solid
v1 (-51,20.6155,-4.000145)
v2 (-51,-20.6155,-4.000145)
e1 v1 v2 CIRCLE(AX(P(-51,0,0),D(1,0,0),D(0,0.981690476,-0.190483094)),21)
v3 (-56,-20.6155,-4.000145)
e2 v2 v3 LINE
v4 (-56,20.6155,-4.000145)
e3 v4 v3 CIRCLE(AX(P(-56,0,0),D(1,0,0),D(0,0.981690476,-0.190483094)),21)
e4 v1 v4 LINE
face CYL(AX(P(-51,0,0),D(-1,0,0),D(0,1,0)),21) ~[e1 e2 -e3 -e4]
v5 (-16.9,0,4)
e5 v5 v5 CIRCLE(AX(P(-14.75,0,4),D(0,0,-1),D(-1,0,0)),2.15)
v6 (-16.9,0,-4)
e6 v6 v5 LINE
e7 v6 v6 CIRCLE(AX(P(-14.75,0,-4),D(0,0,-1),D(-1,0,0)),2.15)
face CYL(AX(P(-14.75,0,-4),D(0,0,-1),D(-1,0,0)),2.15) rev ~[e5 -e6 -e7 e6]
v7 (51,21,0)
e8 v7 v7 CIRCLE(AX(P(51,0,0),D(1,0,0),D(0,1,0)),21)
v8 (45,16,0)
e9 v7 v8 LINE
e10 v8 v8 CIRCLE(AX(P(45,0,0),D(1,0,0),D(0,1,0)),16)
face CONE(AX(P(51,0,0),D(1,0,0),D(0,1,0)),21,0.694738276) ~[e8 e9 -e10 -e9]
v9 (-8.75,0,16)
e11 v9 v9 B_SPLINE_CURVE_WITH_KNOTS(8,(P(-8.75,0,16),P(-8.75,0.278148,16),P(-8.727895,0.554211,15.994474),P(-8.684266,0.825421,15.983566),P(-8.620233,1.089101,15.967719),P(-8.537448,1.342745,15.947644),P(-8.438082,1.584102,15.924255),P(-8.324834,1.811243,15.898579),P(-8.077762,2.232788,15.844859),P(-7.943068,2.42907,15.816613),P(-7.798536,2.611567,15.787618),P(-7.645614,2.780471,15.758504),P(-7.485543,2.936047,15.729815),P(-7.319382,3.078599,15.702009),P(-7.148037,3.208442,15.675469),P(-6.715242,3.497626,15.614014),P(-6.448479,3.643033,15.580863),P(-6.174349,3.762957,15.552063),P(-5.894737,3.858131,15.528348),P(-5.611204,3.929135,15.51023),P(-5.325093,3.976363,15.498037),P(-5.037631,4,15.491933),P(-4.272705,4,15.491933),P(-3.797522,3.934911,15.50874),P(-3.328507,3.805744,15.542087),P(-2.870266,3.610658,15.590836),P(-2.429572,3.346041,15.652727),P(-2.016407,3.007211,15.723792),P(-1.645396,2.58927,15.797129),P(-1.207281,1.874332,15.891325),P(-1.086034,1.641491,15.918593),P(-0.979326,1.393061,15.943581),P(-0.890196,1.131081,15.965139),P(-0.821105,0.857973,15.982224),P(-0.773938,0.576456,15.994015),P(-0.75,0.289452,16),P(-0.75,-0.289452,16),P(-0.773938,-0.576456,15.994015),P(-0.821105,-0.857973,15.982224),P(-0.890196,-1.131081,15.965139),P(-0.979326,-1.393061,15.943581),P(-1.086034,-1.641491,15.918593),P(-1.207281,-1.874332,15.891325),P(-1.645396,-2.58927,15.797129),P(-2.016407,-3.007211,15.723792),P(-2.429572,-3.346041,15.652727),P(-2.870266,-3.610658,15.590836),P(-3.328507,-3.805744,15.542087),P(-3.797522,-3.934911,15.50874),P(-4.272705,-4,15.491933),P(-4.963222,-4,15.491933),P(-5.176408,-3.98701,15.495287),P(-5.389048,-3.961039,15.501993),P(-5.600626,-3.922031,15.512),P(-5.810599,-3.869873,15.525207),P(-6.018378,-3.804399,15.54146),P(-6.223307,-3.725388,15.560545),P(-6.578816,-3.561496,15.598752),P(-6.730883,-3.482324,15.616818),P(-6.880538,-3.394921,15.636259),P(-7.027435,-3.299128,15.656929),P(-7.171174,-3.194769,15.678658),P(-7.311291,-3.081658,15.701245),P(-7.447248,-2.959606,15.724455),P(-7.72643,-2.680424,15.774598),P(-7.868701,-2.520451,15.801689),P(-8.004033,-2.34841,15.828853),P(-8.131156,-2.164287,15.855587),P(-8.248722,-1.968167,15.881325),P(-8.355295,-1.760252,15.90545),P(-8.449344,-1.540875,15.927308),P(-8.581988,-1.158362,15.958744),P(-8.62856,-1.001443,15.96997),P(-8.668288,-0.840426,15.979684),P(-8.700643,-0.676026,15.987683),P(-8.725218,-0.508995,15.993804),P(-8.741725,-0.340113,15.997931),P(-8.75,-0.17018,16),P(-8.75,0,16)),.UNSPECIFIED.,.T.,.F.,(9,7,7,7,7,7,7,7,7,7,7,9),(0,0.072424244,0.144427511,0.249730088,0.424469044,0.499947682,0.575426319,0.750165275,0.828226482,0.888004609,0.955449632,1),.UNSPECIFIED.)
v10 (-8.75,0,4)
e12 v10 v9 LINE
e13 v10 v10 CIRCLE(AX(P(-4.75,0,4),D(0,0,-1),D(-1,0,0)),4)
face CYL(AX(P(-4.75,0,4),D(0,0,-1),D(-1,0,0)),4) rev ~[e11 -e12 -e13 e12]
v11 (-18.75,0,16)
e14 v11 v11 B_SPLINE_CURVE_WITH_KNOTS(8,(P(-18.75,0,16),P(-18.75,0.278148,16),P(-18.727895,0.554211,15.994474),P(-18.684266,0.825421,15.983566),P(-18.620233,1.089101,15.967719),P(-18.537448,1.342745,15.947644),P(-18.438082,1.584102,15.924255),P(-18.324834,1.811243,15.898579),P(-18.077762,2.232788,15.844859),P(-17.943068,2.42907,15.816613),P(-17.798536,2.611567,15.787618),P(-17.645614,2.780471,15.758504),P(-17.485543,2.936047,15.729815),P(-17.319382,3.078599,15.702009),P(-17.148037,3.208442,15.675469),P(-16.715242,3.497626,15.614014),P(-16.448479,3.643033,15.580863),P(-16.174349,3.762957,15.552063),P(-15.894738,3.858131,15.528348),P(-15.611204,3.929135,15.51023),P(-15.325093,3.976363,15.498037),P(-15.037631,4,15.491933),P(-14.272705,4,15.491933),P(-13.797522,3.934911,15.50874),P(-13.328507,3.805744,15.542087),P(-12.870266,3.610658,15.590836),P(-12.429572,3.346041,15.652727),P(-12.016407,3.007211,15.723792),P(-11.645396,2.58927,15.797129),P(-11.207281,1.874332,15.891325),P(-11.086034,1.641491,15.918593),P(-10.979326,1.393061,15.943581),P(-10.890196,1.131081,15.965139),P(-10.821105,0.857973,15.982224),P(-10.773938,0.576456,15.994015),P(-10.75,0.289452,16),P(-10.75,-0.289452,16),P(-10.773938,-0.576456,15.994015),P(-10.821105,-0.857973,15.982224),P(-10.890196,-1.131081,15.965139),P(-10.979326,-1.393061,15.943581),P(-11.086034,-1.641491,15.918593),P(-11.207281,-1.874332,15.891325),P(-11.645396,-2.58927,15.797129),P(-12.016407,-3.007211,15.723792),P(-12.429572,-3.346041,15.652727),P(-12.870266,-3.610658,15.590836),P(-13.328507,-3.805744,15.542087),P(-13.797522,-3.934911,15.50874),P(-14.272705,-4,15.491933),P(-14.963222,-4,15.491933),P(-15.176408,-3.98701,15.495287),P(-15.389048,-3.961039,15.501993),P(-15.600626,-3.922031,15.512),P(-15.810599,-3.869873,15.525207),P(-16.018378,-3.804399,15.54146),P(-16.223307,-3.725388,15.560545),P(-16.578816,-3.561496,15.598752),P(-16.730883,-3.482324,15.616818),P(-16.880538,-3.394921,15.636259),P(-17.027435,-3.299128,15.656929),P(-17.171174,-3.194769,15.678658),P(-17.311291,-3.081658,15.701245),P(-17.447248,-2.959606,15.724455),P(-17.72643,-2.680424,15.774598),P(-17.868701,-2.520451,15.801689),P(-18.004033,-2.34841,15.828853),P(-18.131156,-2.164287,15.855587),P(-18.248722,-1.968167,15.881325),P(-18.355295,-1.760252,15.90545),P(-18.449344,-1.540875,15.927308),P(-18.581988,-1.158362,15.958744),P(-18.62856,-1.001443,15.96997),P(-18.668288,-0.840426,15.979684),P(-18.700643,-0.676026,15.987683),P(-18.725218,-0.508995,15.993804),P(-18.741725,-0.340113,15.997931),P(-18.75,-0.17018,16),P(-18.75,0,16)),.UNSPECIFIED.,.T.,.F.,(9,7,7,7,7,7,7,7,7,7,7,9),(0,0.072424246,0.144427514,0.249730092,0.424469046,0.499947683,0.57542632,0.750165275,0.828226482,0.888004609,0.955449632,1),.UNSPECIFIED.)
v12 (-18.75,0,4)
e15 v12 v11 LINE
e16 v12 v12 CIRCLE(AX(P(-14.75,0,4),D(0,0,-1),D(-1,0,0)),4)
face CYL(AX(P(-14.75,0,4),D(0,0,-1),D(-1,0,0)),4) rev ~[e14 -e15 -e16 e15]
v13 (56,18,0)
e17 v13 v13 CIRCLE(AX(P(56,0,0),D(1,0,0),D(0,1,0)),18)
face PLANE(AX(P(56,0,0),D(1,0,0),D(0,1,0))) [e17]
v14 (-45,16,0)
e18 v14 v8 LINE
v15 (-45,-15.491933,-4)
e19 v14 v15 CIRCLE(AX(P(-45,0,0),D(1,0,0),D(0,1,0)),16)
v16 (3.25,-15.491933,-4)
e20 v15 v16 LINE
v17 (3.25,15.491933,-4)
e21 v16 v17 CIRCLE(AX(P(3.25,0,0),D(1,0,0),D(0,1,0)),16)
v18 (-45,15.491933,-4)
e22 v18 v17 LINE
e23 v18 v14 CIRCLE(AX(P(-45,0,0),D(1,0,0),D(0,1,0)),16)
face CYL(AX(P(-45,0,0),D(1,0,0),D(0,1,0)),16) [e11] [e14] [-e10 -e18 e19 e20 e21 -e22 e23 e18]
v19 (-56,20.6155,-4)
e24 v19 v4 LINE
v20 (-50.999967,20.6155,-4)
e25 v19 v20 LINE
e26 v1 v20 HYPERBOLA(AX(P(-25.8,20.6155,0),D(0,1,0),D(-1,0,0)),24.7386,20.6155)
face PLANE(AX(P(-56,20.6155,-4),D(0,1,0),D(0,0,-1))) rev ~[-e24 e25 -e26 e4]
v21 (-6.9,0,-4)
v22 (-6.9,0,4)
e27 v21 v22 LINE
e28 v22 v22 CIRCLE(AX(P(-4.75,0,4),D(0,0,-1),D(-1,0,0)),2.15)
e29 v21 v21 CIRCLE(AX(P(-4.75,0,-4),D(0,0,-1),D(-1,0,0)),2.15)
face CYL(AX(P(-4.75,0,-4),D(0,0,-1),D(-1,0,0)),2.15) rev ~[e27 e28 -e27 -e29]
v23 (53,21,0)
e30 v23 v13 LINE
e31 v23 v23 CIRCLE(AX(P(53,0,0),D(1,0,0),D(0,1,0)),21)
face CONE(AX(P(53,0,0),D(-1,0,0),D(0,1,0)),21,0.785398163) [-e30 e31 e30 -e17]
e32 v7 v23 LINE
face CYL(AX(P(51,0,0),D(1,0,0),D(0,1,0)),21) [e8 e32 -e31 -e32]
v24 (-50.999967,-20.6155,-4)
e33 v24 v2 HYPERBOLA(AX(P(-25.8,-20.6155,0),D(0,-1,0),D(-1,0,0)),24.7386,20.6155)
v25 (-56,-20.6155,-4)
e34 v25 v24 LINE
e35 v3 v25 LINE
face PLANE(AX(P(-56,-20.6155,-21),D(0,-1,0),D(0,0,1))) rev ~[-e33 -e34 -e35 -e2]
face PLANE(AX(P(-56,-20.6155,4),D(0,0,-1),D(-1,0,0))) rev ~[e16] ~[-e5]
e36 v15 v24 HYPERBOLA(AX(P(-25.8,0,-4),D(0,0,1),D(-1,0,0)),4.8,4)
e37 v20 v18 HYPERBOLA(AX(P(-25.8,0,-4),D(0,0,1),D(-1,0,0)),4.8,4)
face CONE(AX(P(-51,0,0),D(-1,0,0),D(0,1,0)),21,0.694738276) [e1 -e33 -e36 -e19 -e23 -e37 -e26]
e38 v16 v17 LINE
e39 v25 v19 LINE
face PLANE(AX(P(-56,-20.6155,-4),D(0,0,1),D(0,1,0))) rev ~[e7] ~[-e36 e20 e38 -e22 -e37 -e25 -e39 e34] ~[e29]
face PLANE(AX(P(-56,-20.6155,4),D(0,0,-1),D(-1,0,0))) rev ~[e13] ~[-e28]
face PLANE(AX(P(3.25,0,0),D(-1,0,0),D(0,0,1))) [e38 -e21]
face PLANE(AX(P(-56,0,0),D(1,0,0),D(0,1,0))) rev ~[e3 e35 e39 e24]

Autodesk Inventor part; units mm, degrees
ref_plane "YZ Plane" through (0, 0, 0) normal (1, 0, 0) x (0, 1, 0)
ref_plane "XZ Plane" through (0, 0, 0) normal (0, 1, 0) x (-1, 0, 0)
sketch "Sketch1" plane through (0, 0, 0) normal (0, 0, 1) x (1, 0, 0)
  line L0 (0, -4.2) -> (0, 25.2) construction
  line L1 (-78.4, 0) -> (78.4, 0) construction
  line L2 (-45, 16) -> (45, 16)
  line L3 (45, 16) -> (45, 0)
  line L4 (45, 0) -> (-45, 0)
  line L5 (-45, 0) -> (-45, 16)
  line L6 (-45, 0) -> (-51, 0)
  line L7 (-51, 0) -> (-51, 21)
  line L8 (-51, 21) -> (-45, 16)
  line L9 (-51, 21) -> (-56, 21)
  line L10 (-56, 21) -> (-56, 0)
  line L11 (-56, 0) -> (-51, 0)
  line L12 (-51, 0) -> (-51, 21)
  line L13 (45, 0) -> (45, 16)
  line L14 (45, 0) -> (51, 0)
  line L15 (51, 0) -> (51, 21)
  line L16 (51, 21) -> (45, 16)
  line L17 (51, 21) -> (56, 21)
  line L18 (56, 21) -> (56, 0)
  line L19 (56, 0) -> (51, 0)
  line L20 (51, 0) -> (51, 21)
  point P0 (0, 0)
  dimension "d1" = 90
  dimension "d3" = 6
  dimension "d4" = 5
  dimension "d6" = 5
  dimension "d7" = 16
  dimension "d9" = 11
revolve "Revolution1" add sketch "Sketch1" angle 360 about axis through (-10, 0, 0) along (1, 0, 0)
sketch "Sketch2" plane through (-56, 0, 0) normal (-1, 0, 0) x (0, 0, 1)
  line L0 (-30.6, 0) -> (29.6, 0) construction
  line L1 (-4, 20.6155) -> (-21, 20.6155)
  line L2 (-21, 20.6155) -> (-21, -20.6155)
  line L3 (-21, -20.6155) -> (-4, -20.6155)
  line L4 (-4, -20.6155) -> (-4, 20.6155)
  circle A0 centre (0, 0) radius 16 construction
  circle A1 centre (0, 0) radius 16 construction
  circle A2 centre (0, 0) radius 16 construction
  line L5 (0, 0) -> (16, 0) construction
  circle A3 centre (0, 0) radius 16 construction
  circle A4 centre (0, 0) radius 21 construction
  dimension "d8" = 20
extrude "Extrusion1" cut sketch "Sketch2" against normal blind 59.25
sketch "Sketch3" plane through (-56, -20.6155, -4) normal (0, 0, -1) x (-1, 0, 0)
  line L0 (0, 41.6155) -> (0, -0.3845) construction
  line L1 (0, 20.6155) -> (-59.25, 20.6155) construction
  line L2 (-59.25, 36.1075) -> (-59.25, 5.1236) construction
  circle A0 centre (-41.25, 20.6155) radius 2.15
  circle A1 centre (-51.25, 20.6155) radius 2.15
  line L3 (-41.25, 20.6155) -> (-51.25, 20.6155) construction
  line L4 (-11, 36.6155) -> (-11, 4.6155) construction
  line L5 (-11, 4.6155) -> (-11, 36.6155) construction
  line L6 (-5, 41.6155) -> (-11, 36.6155) construction
  line L7 (-11, 5.1236) -> (-59.25, 5.1236) construction
  line L8 (-56.25, 5.1236) -> (-56.25, 36.1075) construction
  line L9 (-59.25, 36.1075) -> (-11, 36.1075) construction
  point P0 (-56, 20.6155)
  point P1 (0, 41.2311)
  point P2 (0, 0)
  point P3 (-46.25, 20.6155)
  dimension "d14" = 4.3
  dimension "d16" = 10
  dimension "d18" = 4.3
  dimension "d21" = 3
  dimension "d22" = 10
extrude "Extrusion2" cut sketch "Sketch3" against normal up to surface
ref_plane "Work Plane1" through (-56, -20.6155, 4) normal (0, 0, -1) x (-1, 0, 0)
sketch "Sketch4" plane through (-56, -20.6155, 4) normal (0, 0, -1) x (-1, 0, 0)
  circle A0 centre (-41.25, 20.6155) radius 2.15 projected
  circle A1 centre (-41.25, 20.6155) radius 4
  circle A2 centre (-51.25, 20.6155) radius 2.15 projected
  circle A3 centre (-51.25, 20.6155) radius 4
  point P0 (-56, 20.6155)
  dimension "d24" = 8
  dimension "d25" = 8
extrude "Extrusion3" cut sketch "Sketch4" against normal up to surface contours A0 | A1 | A2 | A3
chamfer "Chamfer1" distance 3 angle 45 1 edges at (56, -21, 0)
equation "\"d8\" = ShaftH"
equation "\"d10\" = d92 + d9 + LCClearance"
equation "\"d21\" = LCClearance"
equation "\"d26\" = d92 + d9 + LCClearance"
equation "\"ShaftH\" = 20"
equation "\"WallT\" = 3"
equation "\"SpoolOffset\" = 8"
equation "\"BottomT\" = 4"
equation "\"WallH\" = 45"
equation "\"ShaftL\" = 81"
equation "\"LCClearance\" = 3"
equation "\"d92\" = 45.25"
properties part number "FS_ShaftV2"
